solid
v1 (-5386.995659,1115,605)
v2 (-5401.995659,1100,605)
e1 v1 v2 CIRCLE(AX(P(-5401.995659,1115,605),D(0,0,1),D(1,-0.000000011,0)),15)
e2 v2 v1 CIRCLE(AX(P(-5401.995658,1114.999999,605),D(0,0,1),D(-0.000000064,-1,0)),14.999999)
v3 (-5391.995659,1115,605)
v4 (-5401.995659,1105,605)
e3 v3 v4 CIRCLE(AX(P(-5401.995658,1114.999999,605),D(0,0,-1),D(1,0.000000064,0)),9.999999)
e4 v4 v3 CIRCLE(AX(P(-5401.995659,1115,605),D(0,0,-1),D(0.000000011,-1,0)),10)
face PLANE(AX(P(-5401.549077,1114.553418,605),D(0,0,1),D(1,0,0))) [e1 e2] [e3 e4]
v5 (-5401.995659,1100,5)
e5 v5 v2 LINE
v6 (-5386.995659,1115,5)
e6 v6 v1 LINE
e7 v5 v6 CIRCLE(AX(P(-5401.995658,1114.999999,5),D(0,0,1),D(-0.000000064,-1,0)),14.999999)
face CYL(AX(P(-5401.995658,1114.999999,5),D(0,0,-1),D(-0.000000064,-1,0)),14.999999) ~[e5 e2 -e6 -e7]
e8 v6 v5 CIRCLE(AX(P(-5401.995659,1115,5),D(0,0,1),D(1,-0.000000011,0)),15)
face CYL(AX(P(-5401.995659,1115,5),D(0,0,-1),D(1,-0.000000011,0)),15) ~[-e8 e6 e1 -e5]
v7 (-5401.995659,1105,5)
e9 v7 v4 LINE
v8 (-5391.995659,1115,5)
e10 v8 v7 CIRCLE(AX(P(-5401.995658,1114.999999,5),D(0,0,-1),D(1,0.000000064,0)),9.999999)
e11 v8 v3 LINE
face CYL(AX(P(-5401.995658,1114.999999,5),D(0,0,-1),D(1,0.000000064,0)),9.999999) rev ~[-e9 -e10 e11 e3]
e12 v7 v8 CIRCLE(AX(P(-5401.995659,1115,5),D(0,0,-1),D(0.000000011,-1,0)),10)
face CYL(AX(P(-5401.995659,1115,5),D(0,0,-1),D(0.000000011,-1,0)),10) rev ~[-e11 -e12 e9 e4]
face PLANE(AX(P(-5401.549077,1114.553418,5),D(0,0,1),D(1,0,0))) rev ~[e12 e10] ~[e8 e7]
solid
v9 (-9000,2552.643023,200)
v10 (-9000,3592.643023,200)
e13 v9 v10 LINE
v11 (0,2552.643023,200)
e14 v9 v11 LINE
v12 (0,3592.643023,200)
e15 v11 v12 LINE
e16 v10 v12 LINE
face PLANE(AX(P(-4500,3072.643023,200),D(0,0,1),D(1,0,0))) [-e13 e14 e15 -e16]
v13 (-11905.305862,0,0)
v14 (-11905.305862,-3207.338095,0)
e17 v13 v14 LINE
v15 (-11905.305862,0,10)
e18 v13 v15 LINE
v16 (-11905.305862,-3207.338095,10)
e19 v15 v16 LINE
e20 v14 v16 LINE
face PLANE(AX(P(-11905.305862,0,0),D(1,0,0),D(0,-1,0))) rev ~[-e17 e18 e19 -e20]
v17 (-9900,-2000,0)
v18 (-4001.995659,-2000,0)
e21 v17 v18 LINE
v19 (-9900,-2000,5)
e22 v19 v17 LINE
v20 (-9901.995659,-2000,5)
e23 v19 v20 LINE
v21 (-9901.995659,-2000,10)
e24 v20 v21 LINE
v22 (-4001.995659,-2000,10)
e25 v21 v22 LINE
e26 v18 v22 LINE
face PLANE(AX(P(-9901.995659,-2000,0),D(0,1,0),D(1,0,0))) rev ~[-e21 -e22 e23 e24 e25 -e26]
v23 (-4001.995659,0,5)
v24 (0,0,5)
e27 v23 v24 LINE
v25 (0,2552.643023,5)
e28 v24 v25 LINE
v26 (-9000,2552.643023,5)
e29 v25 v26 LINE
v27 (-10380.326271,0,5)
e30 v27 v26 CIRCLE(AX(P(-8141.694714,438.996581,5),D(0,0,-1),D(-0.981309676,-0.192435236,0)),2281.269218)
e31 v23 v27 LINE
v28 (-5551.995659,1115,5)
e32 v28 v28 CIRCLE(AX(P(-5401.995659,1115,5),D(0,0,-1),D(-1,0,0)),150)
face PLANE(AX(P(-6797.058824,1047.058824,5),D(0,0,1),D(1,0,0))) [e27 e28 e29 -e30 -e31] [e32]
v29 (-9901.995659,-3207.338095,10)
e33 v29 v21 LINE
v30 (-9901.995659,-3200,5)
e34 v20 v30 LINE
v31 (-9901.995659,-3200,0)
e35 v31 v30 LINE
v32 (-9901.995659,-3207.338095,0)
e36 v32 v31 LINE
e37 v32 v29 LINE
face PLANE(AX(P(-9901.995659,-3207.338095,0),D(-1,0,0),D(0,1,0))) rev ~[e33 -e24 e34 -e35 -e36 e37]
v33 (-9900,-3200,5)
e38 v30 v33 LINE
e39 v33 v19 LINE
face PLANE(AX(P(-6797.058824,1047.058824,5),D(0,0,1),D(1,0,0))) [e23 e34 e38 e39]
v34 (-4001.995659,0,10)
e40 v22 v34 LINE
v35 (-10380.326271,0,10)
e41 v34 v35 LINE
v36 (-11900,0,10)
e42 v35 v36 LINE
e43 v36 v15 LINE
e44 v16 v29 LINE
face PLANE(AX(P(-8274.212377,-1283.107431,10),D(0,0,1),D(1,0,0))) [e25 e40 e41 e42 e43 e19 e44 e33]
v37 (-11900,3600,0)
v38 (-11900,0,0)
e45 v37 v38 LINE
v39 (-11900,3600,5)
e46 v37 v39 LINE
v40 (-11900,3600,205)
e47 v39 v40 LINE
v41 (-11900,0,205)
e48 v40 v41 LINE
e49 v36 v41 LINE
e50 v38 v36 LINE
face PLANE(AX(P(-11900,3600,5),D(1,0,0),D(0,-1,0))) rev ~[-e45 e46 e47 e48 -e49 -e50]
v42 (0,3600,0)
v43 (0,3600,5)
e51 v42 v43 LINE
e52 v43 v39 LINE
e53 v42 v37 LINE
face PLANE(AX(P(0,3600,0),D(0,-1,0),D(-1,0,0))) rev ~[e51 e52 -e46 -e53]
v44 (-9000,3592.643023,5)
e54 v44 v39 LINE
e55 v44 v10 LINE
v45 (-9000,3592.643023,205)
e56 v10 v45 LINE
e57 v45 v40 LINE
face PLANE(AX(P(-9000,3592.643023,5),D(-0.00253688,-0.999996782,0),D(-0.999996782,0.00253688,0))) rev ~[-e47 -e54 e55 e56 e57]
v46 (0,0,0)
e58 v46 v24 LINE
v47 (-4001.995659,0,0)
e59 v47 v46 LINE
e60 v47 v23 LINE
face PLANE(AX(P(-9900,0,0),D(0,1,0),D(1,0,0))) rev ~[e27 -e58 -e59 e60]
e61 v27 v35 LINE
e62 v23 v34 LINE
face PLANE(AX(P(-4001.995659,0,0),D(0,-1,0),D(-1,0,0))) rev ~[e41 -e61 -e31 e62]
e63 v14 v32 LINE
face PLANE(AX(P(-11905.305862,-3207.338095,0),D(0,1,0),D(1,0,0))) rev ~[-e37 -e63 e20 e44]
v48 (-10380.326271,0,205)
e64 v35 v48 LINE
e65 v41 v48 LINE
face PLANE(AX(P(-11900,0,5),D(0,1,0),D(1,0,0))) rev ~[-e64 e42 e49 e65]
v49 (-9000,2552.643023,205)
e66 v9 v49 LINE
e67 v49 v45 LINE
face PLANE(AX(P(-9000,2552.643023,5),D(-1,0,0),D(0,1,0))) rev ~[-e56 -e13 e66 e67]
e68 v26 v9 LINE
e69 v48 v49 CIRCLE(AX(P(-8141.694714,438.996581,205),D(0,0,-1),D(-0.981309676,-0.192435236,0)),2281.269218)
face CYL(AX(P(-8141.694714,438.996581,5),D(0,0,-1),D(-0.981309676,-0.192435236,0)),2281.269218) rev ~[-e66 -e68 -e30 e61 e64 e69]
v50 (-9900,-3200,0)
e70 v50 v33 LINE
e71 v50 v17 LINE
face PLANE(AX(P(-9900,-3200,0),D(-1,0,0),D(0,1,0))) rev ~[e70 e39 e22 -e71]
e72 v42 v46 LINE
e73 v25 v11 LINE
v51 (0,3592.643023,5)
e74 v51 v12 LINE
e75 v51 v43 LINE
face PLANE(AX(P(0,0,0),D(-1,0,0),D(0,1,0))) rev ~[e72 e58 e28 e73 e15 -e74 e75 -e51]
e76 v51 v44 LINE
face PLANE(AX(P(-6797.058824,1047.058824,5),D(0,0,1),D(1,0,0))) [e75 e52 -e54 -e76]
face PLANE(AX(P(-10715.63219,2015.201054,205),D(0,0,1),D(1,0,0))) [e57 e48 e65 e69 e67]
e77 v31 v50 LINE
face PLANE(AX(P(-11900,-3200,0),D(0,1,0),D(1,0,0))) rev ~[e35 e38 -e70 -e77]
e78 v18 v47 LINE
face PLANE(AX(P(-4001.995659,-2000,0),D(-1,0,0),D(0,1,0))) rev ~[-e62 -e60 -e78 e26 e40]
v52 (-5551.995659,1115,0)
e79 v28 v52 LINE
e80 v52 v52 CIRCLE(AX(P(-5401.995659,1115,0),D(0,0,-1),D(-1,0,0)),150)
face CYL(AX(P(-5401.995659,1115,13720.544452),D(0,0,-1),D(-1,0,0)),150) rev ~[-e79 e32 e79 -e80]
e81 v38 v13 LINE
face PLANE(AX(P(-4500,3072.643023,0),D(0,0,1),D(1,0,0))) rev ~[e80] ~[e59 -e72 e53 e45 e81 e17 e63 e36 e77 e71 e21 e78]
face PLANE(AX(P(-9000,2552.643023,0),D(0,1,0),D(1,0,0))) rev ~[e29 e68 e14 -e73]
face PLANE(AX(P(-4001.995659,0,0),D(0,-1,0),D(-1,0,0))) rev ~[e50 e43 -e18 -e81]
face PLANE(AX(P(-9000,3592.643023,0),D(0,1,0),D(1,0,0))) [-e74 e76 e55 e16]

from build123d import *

# Parameters (mm, degrees)
F1_DEPTH  = 5
F3_DEPTH  = 10
F4_W      = 9000
F4_H      = 1040
F5_DEPTH  = 200
F7_D      = 300
F9_DEPTH  = 600
F11_DEPTH = 200


with BuildPart() as f1:
    # F0 (on Top) → F1 (new body)
    with BuildSketch(Plane.XY):
        Polygon((-4000, 0), (0, 0), (0, 3600), (-11900, 3600), (-11900, -3200), (-9900, -3200), (-9900, -2000), (-9900, 0), align=None)
    extrude(amount=F1_DEPTH)

    # F2 (on Top) → F3 (join)
    with BuildSketch(Plane.XY):
        Polygon((-4001.995659, 0), (-9901.995659, 0), (-11905.305862, 0), (-11905.305862, -3207.338095), (-9901.995659, -3207.338095), (-9901.995659, -2000), (-4001.995659, -2000), align=None)
    extrude(amount=F3_DEPTH)

    # F4 (on Top) → F5 (join)
    with BuildSketch(Plane.XY):
        with Locations((-4500, 3072.643023)):
            Rectangle(F4_W, F4_H)
    extrude(amount=F5_DEPTH)

    # F7 (through all)
    with Locations(Plane.XY.offset(5)):
        with Locations((-5401.995659, 1115)):
            Hole(F7_D / 2)

    # F10 (on face) → F11 (join)
    with BuildSketch(Plane.XY.offset(5)):
        with BuildLine():
            ThreePointArc((-10380.326271, 0), (-10148.371333, 1524.094822), (-9000, 2552.643023))
            Line((-9000, 2552.643023), (-9000, 3592.643023))
            Line((-9000, 3592.643023), (-11900, 3600))
            Line((-11900, 3600), (-11900, 0))
            Line((-11900, 0), (-10380.326271, 0))
        make_face()
    extrude(amount=F11_DEPTH)


with BuildPart() as f9:
    # F8 (on face) → F9 (new body)
    with BuildSketch(Plane.XY.offset(5)):
        with BuildLine():
            ThreePointArc((-5391.995659, 1115), (-5409.066727, 1122.071068), (-5401.995659, 1105))
            ThreePointArc((-5401.995659, 1105), (-5394.924591, 1107.928932), (-5391.995659, 1115))
        make_face()
        with BuildLine():
            ThreePointArc((-5386.995659, 1115), (-5412.602261, 1125.606602), (-5401.995659, 1100))
            ThreePointArc((-5401.995659, 1100), (-5391.389057, 1104.393398), (-5386.995659, 1115))
        make_face()
        with BuildLine():
            ThreePointArc((-5391.995659, 1115), (-5394.924591, 1107.928932), (-5401.995659, 1105))
            ThreePointArc((-5401.995659, 1105), (-5409.066727, 1122.071068), (-5391.995659, 1115))
        make_face(mode=Mode.SUBTRACT)
    extrude(amount=F9_DEPTH)


solid = Compound([f1.part, f9.part])
